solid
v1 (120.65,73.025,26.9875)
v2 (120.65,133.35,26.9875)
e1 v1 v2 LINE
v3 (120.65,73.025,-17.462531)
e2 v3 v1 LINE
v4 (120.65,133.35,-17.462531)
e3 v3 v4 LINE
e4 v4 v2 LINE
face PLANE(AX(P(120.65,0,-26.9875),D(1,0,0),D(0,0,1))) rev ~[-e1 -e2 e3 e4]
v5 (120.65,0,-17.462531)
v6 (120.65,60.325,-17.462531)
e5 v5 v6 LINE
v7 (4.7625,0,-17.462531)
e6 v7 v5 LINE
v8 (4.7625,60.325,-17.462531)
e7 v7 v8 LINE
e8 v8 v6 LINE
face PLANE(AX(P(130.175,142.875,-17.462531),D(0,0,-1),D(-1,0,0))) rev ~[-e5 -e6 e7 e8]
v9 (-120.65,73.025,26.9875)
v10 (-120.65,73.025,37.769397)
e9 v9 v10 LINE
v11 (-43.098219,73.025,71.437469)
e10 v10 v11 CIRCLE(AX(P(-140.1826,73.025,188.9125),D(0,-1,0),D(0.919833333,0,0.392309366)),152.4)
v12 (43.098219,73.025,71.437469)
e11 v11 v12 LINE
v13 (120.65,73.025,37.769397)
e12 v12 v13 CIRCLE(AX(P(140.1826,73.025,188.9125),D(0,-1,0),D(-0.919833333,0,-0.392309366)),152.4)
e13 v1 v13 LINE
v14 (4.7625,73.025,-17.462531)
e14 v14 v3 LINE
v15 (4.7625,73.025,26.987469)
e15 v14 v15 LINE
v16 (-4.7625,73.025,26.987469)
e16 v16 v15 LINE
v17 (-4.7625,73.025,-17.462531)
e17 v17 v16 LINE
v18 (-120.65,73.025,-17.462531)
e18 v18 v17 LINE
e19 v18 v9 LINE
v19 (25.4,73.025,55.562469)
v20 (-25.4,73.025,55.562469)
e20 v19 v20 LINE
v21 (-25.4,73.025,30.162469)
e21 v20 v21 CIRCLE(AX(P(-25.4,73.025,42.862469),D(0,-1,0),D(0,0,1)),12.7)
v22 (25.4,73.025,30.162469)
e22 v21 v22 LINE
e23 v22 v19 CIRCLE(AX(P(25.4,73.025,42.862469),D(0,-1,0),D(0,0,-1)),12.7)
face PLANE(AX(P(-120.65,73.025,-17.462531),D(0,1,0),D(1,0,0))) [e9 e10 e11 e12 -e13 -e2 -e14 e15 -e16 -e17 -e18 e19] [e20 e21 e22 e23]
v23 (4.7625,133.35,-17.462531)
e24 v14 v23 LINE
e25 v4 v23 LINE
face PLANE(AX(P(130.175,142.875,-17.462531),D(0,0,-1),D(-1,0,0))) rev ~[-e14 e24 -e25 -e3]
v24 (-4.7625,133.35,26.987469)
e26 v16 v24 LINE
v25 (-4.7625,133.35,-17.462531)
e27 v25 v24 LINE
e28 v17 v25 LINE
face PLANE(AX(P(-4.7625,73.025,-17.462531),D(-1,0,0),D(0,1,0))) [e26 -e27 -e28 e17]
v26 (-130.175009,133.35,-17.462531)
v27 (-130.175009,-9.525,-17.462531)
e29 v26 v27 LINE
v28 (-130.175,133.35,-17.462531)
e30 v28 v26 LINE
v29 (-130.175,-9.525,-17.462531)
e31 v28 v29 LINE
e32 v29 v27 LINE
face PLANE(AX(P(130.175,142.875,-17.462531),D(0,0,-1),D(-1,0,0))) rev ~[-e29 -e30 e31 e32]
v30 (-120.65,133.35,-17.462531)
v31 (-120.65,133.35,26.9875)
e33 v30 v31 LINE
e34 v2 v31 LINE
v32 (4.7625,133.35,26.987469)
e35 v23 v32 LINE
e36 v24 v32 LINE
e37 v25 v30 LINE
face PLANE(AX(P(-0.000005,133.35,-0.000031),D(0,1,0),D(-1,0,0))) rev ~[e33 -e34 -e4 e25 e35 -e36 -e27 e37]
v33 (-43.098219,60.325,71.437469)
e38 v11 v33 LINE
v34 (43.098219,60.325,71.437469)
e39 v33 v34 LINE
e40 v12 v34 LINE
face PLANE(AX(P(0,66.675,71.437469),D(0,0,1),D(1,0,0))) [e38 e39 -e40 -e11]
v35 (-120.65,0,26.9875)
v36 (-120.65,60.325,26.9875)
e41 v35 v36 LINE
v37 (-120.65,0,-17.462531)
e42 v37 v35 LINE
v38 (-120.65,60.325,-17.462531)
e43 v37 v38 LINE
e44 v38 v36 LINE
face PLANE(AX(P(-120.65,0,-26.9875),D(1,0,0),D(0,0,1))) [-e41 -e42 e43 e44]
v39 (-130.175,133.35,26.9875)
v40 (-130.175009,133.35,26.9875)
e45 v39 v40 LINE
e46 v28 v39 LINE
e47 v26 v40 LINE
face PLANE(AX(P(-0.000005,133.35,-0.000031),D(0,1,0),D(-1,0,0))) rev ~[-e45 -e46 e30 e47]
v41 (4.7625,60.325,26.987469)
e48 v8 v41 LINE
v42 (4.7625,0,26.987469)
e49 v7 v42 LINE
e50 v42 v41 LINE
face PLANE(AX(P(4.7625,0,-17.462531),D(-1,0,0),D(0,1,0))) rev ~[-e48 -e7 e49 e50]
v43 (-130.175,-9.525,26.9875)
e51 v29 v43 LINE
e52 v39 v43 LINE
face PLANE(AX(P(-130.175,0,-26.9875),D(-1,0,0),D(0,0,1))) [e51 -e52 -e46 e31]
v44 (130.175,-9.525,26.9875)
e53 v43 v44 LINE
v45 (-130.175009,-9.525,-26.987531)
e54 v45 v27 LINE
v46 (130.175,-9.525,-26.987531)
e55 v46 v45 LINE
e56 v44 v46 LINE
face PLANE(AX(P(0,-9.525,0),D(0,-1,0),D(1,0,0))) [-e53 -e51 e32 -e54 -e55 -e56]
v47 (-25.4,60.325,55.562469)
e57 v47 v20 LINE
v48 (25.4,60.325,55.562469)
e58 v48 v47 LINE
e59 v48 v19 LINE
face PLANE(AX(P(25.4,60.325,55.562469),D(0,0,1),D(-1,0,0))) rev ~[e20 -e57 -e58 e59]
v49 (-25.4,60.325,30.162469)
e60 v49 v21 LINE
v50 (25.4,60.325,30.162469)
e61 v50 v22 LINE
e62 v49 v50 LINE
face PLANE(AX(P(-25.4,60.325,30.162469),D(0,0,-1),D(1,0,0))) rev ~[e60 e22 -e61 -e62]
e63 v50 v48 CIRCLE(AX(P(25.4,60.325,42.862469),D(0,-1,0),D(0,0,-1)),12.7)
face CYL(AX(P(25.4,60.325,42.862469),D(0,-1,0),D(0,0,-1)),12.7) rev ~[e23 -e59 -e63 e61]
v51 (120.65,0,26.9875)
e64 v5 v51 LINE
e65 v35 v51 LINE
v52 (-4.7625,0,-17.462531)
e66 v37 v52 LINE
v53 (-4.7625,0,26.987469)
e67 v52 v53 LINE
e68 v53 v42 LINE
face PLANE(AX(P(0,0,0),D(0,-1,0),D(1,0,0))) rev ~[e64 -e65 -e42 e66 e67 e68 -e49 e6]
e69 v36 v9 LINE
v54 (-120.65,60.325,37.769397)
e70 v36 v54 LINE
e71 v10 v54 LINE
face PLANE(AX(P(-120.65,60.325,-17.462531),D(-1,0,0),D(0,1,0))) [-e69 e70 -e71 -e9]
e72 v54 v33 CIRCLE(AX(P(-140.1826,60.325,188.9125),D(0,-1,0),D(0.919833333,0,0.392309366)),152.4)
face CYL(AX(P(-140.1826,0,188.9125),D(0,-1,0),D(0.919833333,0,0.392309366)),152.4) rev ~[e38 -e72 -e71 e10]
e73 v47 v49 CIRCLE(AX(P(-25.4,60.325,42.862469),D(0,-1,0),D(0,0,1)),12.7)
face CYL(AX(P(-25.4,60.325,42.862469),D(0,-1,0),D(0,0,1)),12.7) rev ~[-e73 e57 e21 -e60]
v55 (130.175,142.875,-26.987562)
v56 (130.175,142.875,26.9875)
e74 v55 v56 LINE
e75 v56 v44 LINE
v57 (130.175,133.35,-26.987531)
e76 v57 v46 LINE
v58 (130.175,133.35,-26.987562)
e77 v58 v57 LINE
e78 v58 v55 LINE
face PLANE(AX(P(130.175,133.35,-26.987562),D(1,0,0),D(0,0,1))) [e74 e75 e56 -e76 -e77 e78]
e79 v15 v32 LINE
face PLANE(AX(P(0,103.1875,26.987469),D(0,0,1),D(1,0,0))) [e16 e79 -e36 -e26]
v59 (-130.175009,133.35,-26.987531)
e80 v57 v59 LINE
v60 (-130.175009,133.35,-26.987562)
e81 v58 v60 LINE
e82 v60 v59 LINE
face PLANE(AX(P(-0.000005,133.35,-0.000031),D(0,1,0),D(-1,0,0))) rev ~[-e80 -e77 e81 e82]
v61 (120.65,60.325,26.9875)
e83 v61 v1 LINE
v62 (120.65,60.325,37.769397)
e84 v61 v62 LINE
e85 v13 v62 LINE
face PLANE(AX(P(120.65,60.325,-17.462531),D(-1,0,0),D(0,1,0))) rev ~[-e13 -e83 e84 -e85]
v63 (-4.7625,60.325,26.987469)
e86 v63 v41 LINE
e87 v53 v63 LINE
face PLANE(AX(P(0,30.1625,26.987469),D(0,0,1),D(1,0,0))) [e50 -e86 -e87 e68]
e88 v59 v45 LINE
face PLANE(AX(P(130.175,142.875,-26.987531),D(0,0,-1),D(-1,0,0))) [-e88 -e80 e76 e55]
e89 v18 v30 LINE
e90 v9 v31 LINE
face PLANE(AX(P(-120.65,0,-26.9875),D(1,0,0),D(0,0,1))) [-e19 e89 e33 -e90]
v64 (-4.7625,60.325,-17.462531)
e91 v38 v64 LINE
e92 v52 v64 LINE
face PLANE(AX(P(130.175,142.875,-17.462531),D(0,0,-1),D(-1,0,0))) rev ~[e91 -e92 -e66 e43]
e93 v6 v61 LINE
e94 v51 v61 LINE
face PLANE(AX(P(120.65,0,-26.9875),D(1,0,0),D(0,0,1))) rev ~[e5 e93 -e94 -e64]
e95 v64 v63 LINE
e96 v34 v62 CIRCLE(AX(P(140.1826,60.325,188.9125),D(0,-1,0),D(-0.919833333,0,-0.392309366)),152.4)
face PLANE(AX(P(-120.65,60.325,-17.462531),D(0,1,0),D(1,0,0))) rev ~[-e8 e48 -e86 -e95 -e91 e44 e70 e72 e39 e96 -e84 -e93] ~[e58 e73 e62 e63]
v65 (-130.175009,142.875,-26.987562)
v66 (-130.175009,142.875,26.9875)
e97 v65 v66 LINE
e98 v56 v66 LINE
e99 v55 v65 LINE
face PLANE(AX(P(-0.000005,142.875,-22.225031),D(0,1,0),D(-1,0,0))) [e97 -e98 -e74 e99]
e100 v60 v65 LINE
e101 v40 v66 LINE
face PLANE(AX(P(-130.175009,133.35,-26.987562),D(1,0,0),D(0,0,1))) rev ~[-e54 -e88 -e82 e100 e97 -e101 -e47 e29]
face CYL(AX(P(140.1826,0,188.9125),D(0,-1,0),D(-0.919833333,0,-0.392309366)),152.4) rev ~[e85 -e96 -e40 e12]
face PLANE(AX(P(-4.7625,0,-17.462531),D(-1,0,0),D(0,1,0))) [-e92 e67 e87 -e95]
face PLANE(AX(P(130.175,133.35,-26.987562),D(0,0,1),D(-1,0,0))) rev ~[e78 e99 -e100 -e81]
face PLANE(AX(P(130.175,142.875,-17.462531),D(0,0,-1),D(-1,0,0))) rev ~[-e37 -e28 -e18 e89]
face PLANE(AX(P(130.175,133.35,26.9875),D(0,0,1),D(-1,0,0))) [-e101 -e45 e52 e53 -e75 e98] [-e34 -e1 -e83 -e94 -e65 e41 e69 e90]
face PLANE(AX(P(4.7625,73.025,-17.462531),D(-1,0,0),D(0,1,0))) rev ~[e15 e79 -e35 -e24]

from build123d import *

# Parameters (mm, degrees)
F0_W      = 260.35
F0_H      = 53.975
F1_DEPTH  = 9.525
F2_W      = 9.525
F2_H      = 53.975
F3_DEPTH  = 133.35
F4_W      = 260.3500093699
F4_H      = 53.975061956
F5_DEPTH  = 9.525
F6_W      = 260.3500093699
F6_H      = 9.525
F7_DEPTH  = 152.4
F8_W      = 241.3
F8_H      = 12.7
F9_DEPTH  = 88.9
F11_DEPTH = 12.7
F13_DEPTH = 102.108
F14_W     = 9.525
F14_H     = 60.325
F15_DEPTH = 44.45
F16_W     = 9.525
F16_H     = 60.325
F17_DEPTH = 44.45


with BuildPart() as f1:
    # F0 (on Front) → F1 (new body)
    with BuildSketch(Plane.XZ):
        Rectangle(F0_W, F0_H)
    extrude(amount=F1_DEPTH)

    # F2 (on face) → F3 (join)
    with BuildSketch(Plane(origin=(0, 0, 0), x_dir=(-1, 0, 0), z_dir=(0, 1, 0))):
        with Locations((-125.4125, 0)):
            Rectangle(F2_W, F2_H)
        with Locations((125.4125, 0)):
            Rectangle(F2_W, F2_H)
    extrude(amount=F3_DEPTH)

    # F4 (on face) → F5 (join)
    with BuildSketch(Plane(origin=(0, 133.35, 0), x_dir=(-1, 0, 0), z_dir=(0, 1, 0))):
        with Locations((4.6849e-06, -3.0978e-05)):
            Rectangle(F4_W, F4_H)
    extrude(amount=F5_DEPTH)

    # F6 (on face) → F7 (join)
    with BuildSketch(Plane(origin=(0, 142.875, 0), x_dir=(-1, 0, 0), z_dir=(0, 1, 0))):
        with Locations((4.6849e-06, -22.225030978)):
            Rectangle(F6_W, F6_H)
    extrude(amount=-F7_DEPTH)

    # F8 (on face) → F9 (join)
    with BuildSketch(Plane.XY.offset(-17.462530978)):
        with Locations((0, 66.675)):
            Rectangle(F8_W, F8_H)
    extrude(amount=F9_DEPTH)

    # F10 (on face) → F11 (cut)
    with BuildSketch(Plane.XZ.offset(-60.325)):
        with BuildLine():
            Line((25.4, 55.562469022), (-25.4, 55.562469022))
            ThreePointArc((-25.4, 55.562469022), (-38.1, 42.862469022), (-25.4, 30.162469022))
            Line((-25.4, 30.162469022), (25.4, 30.162469022))
            ThreePointArc((25.4, 30.162469022), (38.1, 42.862469022), (25.4, 55.562469022))
        make_face()
    extrude(amount=-F11_DEPTH, mode=Mode.SUBTRACT)

    # F12 (on Front) → F13 (cut)
    with BuildSketch(Plane.XZ):
        with BuildLine():
            ThreePointArc((0, 129.1245525755), (-12.2174, 188.9125), (0, 248.7004474245))
            ThreePointArc((0, 248.7004474245), (-292.5826, 188.9125), (0, 129.1245525755))
        make_face()
        with BuildLine():
            ThreePointArc((0, 248.7004474245), (9.1318136378, 219.4242334807), (12.2174, 188.9125))
            ThreePointArc((12.2174, 188.9125), (9.1318136378, 158.4007665193), (0, 129.1245525755))
            ThreePointArc((0, 129.1245525755), (170.6943334807, 39.5980863622), (292.5826, 188.9125))
            ThreePointArc((292.5826, 188.9125), (170.6943334807, 338.2269136378), (0, 248.7004474245))
        make_face()
    extrude(amount=-F13_DEPTH, mode=Mode.SUBTRACT)

    # F14 (on face) → F15 (join)
    with BuildSketch(Plane.XY.offset(-17.462530978)):
        with Locations((0, 103.1875)):
            Rectangle(F14_W, F14_H)
    extrude(amount=F15_DEPTH)

    # F16 (on face) → F17 (join)
    with BuildSketch(Plane.XY.offset(-17.462530978)):
        with Locations((0, 30.1625)):
            Rectangle(F16_W, F16_H)
    extrude(amount=F17_DEPTH)


solid = f1.part
